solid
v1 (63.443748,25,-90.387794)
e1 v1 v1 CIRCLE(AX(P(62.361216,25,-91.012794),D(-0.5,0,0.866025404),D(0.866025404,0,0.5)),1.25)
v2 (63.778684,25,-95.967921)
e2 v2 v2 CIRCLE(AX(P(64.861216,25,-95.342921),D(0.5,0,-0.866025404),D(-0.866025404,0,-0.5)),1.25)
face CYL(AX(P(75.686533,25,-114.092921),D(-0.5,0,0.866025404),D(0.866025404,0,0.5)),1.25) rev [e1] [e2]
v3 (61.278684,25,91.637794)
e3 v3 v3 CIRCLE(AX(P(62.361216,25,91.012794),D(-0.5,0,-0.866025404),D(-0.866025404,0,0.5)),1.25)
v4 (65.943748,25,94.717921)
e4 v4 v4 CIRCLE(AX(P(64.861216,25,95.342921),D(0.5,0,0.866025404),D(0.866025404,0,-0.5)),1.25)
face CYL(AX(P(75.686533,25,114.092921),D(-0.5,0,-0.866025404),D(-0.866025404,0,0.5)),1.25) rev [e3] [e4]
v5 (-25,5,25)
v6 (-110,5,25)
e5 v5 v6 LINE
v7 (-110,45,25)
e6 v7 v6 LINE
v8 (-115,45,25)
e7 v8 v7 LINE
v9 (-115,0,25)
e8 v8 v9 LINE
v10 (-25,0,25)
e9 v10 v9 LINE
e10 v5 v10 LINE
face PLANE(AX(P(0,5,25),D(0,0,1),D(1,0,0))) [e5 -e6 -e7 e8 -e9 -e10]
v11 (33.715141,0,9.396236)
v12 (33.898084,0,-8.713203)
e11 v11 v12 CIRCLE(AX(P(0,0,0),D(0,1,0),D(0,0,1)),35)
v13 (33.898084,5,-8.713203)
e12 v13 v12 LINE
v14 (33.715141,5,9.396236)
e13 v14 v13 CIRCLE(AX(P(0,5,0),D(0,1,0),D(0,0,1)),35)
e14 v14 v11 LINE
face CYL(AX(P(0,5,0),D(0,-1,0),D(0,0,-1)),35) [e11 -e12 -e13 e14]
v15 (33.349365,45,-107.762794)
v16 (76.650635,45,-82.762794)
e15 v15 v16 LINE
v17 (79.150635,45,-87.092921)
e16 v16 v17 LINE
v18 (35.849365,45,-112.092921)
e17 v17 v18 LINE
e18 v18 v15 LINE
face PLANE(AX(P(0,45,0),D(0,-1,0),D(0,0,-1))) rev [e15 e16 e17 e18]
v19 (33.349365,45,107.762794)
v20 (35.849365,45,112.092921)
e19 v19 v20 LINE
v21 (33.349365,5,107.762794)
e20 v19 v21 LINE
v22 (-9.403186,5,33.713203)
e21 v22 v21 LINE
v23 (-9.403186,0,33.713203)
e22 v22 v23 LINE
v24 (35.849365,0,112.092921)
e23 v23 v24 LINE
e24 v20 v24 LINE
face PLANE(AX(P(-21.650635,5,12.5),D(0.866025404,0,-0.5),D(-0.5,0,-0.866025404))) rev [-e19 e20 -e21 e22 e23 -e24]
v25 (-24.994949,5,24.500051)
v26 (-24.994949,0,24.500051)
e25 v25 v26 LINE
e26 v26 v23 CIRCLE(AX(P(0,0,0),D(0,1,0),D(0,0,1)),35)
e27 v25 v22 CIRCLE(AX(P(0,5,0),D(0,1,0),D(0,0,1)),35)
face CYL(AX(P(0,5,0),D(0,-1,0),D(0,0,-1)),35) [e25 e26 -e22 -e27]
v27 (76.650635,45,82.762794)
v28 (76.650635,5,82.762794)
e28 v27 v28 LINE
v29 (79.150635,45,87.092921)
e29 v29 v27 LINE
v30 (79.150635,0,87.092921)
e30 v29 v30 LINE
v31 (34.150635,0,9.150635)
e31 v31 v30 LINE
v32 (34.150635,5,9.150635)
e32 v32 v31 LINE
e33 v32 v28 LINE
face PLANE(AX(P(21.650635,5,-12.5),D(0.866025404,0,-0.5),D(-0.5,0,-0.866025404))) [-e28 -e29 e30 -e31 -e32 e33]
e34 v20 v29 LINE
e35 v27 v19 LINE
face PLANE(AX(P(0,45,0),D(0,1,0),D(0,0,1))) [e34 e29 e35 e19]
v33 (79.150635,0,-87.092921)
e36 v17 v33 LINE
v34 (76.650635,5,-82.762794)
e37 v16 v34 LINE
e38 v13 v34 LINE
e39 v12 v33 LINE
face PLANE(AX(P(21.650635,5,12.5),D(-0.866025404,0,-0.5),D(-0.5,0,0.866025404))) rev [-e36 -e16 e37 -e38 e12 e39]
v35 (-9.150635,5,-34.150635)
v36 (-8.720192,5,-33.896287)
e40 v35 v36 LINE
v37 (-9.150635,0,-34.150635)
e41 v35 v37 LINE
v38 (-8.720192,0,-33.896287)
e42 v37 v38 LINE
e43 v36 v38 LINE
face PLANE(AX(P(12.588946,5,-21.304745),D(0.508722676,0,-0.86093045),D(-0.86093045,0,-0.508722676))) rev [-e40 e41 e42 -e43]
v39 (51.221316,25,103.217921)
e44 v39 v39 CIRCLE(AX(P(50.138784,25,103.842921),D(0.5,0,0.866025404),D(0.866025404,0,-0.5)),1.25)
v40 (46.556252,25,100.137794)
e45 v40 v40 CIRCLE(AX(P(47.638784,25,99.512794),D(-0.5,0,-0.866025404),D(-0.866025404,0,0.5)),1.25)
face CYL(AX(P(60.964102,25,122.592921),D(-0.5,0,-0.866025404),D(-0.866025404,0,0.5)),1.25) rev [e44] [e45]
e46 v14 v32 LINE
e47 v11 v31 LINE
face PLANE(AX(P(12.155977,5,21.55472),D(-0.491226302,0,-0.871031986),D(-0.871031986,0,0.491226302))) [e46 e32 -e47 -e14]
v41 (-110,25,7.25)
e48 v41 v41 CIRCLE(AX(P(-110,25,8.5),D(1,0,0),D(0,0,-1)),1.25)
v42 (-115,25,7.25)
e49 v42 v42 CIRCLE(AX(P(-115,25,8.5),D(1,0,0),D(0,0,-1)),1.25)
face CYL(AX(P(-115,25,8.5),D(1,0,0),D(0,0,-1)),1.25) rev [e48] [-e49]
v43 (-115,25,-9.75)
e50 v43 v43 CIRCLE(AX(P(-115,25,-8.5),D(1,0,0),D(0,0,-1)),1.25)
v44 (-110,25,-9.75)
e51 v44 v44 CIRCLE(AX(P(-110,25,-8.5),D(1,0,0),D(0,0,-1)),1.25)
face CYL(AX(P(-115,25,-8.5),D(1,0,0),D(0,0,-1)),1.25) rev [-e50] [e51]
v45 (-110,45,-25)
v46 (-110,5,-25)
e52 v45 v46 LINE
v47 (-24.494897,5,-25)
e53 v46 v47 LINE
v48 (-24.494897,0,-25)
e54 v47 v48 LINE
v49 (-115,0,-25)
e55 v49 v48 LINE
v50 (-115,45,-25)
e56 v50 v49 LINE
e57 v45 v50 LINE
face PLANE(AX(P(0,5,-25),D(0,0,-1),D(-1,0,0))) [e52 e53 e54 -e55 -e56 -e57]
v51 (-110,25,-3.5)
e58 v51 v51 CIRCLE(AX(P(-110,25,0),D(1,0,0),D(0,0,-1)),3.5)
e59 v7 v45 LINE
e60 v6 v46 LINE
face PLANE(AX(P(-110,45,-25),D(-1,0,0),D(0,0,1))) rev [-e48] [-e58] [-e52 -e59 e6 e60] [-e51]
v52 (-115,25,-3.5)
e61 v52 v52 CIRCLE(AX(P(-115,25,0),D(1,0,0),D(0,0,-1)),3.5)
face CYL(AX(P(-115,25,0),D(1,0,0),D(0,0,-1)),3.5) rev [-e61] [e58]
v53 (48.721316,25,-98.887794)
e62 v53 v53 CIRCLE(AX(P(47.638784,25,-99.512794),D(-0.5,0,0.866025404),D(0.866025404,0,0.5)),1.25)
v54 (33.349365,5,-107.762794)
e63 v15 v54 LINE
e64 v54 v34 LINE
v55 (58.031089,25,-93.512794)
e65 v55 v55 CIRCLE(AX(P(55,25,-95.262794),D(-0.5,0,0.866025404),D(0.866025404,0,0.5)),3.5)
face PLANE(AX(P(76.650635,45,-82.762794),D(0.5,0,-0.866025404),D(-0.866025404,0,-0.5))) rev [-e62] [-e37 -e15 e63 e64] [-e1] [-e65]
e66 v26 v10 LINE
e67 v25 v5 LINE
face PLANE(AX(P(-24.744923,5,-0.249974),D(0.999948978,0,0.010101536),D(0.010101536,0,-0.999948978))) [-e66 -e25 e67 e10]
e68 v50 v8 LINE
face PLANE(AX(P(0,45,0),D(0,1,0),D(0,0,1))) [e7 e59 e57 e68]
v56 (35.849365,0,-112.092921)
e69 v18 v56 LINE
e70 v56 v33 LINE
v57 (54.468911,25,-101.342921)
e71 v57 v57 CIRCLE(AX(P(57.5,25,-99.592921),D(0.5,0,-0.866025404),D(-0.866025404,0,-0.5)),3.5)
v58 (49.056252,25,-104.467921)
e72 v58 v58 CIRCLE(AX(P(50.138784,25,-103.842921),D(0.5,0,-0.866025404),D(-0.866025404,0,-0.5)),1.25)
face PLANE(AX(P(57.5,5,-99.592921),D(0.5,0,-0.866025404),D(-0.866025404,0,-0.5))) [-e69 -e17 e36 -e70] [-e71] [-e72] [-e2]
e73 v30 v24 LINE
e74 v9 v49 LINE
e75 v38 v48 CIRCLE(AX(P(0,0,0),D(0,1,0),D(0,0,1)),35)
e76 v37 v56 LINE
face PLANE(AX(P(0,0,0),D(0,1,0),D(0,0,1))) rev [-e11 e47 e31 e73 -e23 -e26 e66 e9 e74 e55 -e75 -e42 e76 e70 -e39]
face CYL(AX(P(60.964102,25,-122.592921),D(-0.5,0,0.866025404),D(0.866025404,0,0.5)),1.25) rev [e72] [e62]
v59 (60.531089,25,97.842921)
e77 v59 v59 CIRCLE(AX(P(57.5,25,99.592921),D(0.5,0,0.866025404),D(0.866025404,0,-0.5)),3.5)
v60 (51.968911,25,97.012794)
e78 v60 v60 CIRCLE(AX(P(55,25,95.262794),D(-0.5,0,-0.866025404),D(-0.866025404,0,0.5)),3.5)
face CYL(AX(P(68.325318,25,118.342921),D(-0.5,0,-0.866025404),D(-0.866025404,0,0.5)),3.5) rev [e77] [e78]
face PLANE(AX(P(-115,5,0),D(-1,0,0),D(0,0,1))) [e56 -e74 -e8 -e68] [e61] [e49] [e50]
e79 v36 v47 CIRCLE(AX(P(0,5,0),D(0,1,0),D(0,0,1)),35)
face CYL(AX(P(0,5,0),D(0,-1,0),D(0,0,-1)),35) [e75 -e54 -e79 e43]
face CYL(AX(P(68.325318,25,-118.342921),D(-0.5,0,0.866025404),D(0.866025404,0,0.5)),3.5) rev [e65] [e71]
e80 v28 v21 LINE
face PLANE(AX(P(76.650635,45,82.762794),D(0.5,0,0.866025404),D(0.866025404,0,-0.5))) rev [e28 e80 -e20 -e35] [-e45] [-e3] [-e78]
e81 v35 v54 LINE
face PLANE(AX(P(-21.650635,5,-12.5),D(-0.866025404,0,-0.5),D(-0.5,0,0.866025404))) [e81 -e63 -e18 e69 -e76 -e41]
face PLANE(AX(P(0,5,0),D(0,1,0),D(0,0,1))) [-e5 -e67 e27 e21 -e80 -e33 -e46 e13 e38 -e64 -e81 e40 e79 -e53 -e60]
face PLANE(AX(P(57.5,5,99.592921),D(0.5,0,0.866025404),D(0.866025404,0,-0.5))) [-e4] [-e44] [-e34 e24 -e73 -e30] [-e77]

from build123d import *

# Parameters (mm, degrees)
BOSS_EXTRU_3_DEPTH      = 5
ESQUISSE4_W             = 5
ESQUISSE4_H             = 50
BOSS_EXTRU_4_DEPTH      = 40
ESQUISSE5_R             = 3.5
ESQUISSE5_R_2           = 1.25
ENL_V_MAT_EXTRU_1_DEPTH = 225.427684996
ESQUISSE6_R             = 3.5
ESQUISSE6_R_2           = 1.25
ENL_V_MAT_EXTRU_2_DEPTH = 272.884889055
ESQUISSE7_R             = 3.5
ESQUISSE7_R_2           = 1.25
ENL_V_MAT_EXTRU_3_DEPTH = 272.884889055


with BuildPart() as part:
    # Esquisse3 → Boss.-Extru.3 (new body)
    with BuildSketch(Plane(origin=(0, 0, 0), x_dir=(1, 0, 0), z_dir=(0, 1, 0))):
        with BuildLine():
            Line((-115, -25), (-25, -25))
            Line((-25, -25), (-24.99494949, -24.500051021))
            ThreePointArc((-24.99494949, -24.500051021), (-17.805293657, -30.132565736), (-9.403186381, -33.713203436))
            Line((-9.403186381, -33.713203436), (35.849364905, -112.092921435))
            Line((35.849364905, -112.092921435), (79.150635095, -87.092921435))
            Line((79.150635095, -87.092921435), (34.150635095, -9.150635095))
            Line((34.150635095, -9.150635095), (33.715141323, -9.396235714))
            ThreePointArc((33.715141323, -9.396235714), (34.998214236, -0.353553761), (33.898083809, 8.713203436))
            Line((33.898083809, 8.713203436), (79.150635095, 87.092921435))
            Line((79.150635095, 87.092921435), (35.849364905, 112.092921435))
            Line((35.849364905, 112.092921435), (-9.150635095, 34.150635095))
            Line((-9.150635095, 34.150635095), (-8.720191833, 33.896286735))
            ThreePointArc((-8.720191833, 33.896286735), (-17.19292058, 30.486119496), (-24.494897428, 25))
            Line((-24.494897428, 25), (-115, 25))
            Line((-115, 25), (-115, -25))
        make_face()
    extrude(amount=BOSS_EXTRU_3_DEPTH)

    # Esquisse4 → Boss.-Extru.4 (add)
    with BuildSketch(Plane(origin=(0, 5, 0), x_dir=(1, 0, 0), z_dir=(0, 1, 0))):
        with Locations((-112.5, 0)):
            Rectangle(ESQUISSE4_W, ESQUISSE4_H)
        Polygon((35.849364905, 112.092921435), (79.150635095, 87.092921435), (76.650635095, 82.762794416), (33.349364905, 107.762794416), align=None)
        Polygon((79.150635095, -87.092921435), (76.650635095, -82.762794416), (33.349364905, -107.762794416), (35.849364905, -112.092921435), align=None)
    extrude(amount=BOSS_EXTRU_4_DEPTH)

    # Esquisse5 → Enlèv. mat.-Extru.1 (cut, through all)
    with BuildSketch(Plane(origin=(-110, 0, 0), x_dir=(0, 0, -1), z_dir=(1, 0, 0))):
        with Locations((0, 25)):
            Circle(ESQUISSE5_R)
        with Locations((-8.5, 25)):
            Circle(ESQUISSE5_R_2)
        with Locations((8.5, 25)):
            Circle(ESQUISSE5_R_2)
    extrude(amount=-ENL_V_MAT_EXTRU_1_DEPTH, mode=Mode.SUBTRACT)

    # Esquisse6 → Enlèv. mat.-Extru.2 (cut, through all)
    with BuildSketch(Plane(origin=(55, 0, 95.262794416), x_dir=(-0.8660254037844386, 0, 0.4999999999999999), z_dir=(-0.49999999999999994, 0, -0.8660254037844387))):
        with Locations((0, 25)):
            Circle(ESQUISSE6_R)
        with Locations((-8.5, 25)):
            Circle(ESQUISSE6_R_2)
        with Locations((8.5, 25)):
            Circle(ESQUISSE6_R_2)
    extrude(amount=-ENL_V_MAT_EXTRU_2_DEPTH, mode=Mode.SUBTRACT)

    # Esquisse7 → Enlèv. mat.-Extru.3 (cut, through all)
    with BuildSketch(Plane(origin=(55, 0, -95.262794416), x_dir=(0.8660254037844388, 0, 0.49999999999999983), z_dir=(-0.4999999999999998, 0, 0.8660254037844387))):
        with Locations((0, 25)):
            Circle(ESQUISSE7_R)
        with Locations((8.5, 25)):
            Circle(ESQUISSE7_R_2)
        with Locations((-8.5, 25)):
            Circle(ESQUISSE7_R_2)
    extrude(amount=-ENL_V_MAT_EXTRU_3_DEPTH, mode=Mode.SUBTRACT)


solid = part.part
